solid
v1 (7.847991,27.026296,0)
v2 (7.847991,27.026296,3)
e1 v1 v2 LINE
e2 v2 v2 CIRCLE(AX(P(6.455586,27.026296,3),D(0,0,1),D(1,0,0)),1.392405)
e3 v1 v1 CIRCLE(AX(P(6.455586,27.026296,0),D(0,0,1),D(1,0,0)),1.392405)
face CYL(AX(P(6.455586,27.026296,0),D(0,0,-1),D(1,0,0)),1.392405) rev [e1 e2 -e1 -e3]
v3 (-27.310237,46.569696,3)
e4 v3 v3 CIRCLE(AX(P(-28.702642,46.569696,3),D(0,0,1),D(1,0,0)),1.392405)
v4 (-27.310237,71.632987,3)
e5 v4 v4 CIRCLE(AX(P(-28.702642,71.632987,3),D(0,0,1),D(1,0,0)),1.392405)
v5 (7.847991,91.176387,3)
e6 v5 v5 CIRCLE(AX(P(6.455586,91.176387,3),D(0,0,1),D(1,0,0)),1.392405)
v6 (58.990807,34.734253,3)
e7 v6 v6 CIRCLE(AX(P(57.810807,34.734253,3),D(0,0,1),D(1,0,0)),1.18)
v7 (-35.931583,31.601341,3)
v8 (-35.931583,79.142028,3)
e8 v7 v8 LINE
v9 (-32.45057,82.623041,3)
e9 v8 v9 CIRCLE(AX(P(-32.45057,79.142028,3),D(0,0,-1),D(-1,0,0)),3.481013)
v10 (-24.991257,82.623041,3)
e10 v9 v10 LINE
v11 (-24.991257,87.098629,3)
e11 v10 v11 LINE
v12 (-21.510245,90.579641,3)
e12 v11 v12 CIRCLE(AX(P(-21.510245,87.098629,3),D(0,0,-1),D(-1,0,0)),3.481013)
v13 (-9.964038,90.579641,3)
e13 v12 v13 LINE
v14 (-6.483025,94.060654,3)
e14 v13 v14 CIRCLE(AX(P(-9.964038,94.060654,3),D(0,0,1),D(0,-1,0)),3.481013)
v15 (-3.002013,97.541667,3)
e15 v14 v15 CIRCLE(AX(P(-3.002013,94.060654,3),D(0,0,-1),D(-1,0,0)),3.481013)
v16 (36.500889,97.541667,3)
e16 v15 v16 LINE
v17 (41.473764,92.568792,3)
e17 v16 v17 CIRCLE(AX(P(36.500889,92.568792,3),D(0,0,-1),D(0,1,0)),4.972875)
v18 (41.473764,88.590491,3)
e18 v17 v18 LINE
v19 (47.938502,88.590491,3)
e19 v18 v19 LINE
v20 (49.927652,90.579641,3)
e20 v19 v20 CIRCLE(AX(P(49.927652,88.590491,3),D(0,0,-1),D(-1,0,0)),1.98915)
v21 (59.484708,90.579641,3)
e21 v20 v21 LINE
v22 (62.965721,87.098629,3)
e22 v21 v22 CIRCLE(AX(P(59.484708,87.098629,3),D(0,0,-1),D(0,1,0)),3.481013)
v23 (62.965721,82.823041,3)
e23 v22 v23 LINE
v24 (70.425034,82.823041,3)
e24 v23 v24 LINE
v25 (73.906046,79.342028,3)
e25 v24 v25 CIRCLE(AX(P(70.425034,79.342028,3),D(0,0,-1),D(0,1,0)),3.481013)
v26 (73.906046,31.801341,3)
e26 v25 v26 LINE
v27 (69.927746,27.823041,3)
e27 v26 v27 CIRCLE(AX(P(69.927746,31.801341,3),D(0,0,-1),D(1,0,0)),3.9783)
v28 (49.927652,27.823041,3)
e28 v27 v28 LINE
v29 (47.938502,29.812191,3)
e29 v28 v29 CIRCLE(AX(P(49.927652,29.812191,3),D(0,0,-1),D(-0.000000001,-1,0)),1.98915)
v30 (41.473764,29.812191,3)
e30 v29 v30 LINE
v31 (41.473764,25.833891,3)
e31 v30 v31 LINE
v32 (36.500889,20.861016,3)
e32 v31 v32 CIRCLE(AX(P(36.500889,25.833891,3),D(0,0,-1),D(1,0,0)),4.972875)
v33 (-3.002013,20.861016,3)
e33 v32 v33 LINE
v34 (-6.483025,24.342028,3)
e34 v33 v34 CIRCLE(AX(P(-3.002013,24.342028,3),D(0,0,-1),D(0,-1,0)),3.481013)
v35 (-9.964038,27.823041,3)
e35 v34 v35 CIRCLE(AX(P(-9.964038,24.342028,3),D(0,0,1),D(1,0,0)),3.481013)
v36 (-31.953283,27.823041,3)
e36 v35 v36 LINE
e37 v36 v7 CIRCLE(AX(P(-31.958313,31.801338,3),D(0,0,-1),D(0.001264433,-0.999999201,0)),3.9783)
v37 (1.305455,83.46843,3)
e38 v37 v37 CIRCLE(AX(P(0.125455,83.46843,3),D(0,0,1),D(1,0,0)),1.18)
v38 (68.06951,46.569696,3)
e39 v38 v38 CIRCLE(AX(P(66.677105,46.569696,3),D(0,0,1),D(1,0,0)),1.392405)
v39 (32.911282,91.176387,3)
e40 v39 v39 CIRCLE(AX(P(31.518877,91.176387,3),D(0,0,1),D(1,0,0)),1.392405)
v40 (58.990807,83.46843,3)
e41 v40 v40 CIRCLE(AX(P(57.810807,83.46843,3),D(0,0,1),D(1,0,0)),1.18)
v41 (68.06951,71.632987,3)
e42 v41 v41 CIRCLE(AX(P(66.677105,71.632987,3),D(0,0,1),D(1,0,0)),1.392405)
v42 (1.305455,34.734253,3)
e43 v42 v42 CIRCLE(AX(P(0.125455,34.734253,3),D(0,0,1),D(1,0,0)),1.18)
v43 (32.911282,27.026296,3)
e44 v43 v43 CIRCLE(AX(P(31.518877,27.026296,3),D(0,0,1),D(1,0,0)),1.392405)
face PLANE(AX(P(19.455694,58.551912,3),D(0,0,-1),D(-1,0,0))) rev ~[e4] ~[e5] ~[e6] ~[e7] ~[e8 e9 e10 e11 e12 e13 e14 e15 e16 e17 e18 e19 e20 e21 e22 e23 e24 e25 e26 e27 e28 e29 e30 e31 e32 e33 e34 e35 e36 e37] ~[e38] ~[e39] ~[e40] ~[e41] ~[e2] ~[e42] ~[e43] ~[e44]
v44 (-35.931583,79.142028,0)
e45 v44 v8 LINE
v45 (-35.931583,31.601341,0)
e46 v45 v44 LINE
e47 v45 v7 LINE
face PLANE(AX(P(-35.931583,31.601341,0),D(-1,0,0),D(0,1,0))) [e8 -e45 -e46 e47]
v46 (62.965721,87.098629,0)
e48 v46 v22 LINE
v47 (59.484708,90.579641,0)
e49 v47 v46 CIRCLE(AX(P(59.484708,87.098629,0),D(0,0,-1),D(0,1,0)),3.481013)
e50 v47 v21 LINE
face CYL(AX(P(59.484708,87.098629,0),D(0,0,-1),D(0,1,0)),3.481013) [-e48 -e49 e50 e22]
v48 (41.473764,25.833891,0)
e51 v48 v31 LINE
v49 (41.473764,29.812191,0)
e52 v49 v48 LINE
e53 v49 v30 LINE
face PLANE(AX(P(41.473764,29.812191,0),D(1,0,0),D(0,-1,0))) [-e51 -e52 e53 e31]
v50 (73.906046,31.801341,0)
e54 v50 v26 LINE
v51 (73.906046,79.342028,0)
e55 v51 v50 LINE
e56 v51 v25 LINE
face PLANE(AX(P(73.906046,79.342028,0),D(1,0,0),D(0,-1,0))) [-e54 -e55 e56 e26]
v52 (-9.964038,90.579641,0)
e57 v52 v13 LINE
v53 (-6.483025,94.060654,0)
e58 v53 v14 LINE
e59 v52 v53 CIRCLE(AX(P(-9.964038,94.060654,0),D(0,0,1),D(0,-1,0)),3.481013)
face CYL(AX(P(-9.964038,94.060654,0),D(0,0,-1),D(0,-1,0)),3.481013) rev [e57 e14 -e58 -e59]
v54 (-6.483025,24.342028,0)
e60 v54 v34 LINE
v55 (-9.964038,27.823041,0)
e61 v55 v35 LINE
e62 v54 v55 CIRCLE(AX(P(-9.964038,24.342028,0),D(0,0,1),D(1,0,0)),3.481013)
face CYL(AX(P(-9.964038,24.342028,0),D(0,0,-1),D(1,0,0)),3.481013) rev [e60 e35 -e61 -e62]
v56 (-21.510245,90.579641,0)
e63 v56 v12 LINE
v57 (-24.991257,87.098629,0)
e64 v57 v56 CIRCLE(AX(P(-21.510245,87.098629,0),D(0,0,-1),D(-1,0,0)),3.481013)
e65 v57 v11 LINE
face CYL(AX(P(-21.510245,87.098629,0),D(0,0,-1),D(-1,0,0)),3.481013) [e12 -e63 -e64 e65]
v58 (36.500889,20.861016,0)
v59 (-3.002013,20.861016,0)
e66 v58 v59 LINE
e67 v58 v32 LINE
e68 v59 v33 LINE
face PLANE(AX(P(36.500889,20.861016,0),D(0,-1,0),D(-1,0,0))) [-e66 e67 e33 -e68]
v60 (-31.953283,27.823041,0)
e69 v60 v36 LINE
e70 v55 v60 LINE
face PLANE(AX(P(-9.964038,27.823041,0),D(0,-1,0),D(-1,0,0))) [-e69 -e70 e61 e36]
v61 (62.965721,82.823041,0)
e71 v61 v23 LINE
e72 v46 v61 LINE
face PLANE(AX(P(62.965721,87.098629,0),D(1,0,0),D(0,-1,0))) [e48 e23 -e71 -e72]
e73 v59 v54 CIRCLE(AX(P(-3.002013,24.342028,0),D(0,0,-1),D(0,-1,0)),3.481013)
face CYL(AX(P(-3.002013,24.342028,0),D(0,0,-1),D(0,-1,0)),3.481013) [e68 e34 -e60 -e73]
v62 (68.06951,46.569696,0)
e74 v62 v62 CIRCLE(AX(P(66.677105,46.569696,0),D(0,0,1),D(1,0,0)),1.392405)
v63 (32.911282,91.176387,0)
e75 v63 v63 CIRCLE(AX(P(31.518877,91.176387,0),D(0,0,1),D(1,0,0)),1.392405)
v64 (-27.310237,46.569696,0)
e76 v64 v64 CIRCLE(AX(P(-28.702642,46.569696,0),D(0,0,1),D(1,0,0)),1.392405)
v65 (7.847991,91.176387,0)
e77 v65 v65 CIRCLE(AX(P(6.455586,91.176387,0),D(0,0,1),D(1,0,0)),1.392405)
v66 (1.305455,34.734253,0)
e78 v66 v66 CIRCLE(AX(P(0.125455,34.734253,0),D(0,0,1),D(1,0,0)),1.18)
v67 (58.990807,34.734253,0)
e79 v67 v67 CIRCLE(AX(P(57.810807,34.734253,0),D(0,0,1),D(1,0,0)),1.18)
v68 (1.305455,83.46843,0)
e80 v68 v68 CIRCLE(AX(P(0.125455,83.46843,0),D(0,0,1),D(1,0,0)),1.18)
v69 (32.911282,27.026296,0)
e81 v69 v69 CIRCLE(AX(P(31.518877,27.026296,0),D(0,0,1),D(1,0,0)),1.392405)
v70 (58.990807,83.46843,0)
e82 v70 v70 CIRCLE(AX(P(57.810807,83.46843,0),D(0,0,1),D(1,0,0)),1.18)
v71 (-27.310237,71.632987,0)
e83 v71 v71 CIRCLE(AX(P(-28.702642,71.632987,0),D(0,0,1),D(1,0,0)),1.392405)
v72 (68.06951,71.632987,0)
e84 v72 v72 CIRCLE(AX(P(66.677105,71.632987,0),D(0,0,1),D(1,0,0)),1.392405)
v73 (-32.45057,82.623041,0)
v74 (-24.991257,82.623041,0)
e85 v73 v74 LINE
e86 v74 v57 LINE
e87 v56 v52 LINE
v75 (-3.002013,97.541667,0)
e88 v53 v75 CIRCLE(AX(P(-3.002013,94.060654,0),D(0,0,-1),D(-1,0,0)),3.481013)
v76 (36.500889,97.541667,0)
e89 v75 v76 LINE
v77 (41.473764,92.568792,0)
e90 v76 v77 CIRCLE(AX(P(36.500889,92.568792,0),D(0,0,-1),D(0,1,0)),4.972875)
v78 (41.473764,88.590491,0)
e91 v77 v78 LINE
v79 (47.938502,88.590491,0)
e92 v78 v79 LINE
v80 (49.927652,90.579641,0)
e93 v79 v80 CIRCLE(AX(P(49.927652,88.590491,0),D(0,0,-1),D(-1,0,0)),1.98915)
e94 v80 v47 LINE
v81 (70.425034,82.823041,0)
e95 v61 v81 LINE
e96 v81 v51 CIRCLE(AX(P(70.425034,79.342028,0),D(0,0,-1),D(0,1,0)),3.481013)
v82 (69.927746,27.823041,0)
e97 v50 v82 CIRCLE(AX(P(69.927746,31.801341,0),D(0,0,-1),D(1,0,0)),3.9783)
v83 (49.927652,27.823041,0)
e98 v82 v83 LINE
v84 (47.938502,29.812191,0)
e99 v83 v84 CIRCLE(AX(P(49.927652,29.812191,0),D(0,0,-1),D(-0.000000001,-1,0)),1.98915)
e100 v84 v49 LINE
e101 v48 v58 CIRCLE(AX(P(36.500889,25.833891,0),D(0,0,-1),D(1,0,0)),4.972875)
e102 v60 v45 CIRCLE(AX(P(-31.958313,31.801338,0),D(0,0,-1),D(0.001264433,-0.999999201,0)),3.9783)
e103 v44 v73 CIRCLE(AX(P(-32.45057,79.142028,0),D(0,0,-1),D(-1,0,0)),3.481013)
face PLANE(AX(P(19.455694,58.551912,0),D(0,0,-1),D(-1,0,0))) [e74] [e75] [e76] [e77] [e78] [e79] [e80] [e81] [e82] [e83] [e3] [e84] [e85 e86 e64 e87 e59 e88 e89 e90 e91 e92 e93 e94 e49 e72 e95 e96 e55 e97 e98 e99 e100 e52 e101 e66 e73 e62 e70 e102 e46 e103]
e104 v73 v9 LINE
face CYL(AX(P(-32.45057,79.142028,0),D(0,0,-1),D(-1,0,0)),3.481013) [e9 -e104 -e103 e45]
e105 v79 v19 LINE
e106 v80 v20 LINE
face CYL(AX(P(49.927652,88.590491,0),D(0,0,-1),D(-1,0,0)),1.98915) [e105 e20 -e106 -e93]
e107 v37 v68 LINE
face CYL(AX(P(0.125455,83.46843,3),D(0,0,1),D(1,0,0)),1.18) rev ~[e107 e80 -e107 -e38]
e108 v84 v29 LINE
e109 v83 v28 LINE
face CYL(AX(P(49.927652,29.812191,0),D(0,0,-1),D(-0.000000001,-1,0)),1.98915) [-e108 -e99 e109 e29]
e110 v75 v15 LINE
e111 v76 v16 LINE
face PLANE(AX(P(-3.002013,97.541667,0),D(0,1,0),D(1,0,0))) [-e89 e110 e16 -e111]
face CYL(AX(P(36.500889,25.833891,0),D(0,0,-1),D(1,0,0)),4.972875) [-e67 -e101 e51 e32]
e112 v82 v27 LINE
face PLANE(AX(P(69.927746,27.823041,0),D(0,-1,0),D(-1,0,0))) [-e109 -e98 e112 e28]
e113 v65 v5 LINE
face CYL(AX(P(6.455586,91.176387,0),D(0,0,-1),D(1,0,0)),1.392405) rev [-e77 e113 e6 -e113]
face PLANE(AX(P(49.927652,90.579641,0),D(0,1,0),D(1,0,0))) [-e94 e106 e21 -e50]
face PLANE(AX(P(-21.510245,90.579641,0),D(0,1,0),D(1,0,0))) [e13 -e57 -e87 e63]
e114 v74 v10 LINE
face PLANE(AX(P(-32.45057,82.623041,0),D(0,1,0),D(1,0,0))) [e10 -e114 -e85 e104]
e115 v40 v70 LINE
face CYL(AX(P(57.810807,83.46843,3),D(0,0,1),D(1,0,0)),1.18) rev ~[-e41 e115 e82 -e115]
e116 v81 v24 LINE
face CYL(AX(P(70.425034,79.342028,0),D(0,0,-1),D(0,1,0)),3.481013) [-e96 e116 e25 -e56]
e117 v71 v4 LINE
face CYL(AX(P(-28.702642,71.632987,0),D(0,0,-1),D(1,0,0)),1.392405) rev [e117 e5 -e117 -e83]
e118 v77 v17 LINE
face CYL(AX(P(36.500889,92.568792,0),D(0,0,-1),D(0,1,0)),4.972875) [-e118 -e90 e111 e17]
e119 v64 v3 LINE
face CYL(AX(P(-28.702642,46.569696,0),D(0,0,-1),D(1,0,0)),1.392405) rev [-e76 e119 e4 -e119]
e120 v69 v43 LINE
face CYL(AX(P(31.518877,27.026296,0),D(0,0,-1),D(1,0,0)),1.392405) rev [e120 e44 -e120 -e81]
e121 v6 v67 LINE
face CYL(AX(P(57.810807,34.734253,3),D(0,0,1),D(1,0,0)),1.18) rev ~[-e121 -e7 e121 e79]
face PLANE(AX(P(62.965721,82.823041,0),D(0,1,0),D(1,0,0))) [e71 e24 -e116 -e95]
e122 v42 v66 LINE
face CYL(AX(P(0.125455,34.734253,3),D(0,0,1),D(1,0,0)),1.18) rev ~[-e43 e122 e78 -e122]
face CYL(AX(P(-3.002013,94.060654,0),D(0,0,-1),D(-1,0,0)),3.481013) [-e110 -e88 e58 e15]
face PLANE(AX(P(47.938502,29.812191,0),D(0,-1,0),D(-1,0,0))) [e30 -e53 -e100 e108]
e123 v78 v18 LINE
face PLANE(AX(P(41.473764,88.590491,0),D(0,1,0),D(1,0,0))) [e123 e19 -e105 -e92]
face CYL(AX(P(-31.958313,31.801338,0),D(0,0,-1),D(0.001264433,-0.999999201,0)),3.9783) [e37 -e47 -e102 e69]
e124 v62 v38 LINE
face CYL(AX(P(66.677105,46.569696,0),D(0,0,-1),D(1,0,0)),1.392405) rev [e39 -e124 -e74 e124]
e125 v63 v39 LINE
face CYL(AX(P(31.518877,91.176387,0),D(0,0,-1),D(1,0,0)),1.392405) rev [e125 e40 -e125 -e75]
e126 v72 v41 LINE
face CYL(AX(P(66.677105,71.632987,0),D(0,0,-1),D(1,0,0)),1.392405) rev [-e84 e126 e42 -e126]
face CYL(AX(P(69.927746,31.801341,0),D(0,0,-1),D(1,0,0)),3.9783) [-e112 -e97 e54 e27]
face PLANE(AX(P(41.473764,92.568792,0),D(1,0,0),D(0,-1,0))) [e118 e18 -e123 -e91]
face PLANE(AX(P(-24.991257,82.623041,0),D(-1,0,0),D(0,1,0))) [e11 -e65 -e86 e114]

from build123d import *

# Parameters (mm, degrees)
CROQUIS1_R              = 1.392405063
CROQUIS1_R_2            = 1.113924051
SALIENTE_EXTRUIR1_DEPTH = 3
CROQUIS8_R              = 1.18
CORTAR_EXTRUIR1_DEPTH   = 10


with BuildPart() as part:
    # Croquis1 → Saliente-Extruir1 (new body)
    with BuildSketch(Plane.XY):
        with BuildLine():
            Line((73.906046363, 79.342028473), (73.906046363, 31.801341312))
            ThreePointArc((73.906046363, 31.801341312), (72.740829217, 28.988258277), (69.927746182, 27.823041131))
            Line((69.927746182, 27.823041131), (49.927651758, 27.823041131))
            ThreePointArc((49.927651758, 27.823041131), (48.521110241, 28.405649704), (47.938501668, 29.812191222))
            Line((47.938501668, 29.812191222), (41.473763874, 29.812191222))
            Line((41.473763874, 29.812191222), (41.473763874, 25.833891041))
            ThreePointArc((41.473763874, 25.833891041), (40.017242442, 22.317537246), (36.500888648, 20.861015815))
            Line((36.500888648, 20.861015815), (-3.002012677, 20.861015815))
            ThreePointArc((-3.002012677, 20.861015815), (-5.463460333, 21.880580817), (-6.483025335, 24.342028473))
            ThreePointArc((-6.483025335, 24.342028473), (-7.502590337, 26.803476129), (-9.964037993, 27.823041131))
            Line((-9.964037993, 27.823041131), (-31.953282507, 27.823041131))
            ThreePointArc((-31.953282507, 27.823041131), (-34.697951359, 28.916679938), (-35.931582688, 31.601341312))
            Line((-35.931582688, 31.601341312), (-35.931582688, 79.142028473))
            ThreePointArc((-35.931582688, 79.142028473), (-34.912017686, 81.603476129), (-32.45057003, 82.623041131))
            Line((-32.45057003, 82.623041131), (-24.991257191, 82.623041131))
            Line((-24.991257191, 82.623041131), (-24.991257191, 87.098628835))
            ThreePointArc((-24.991257191, 87.098628835), (-23.971692189, 89.560076491), (-21.510244533, 90.579641493))
            Line((-21.510244533, 90.579641493), (-9.964037993, 90.579641493))
            ThreePointArc((-9.964037993, 90.579641493), (-7.502590337, 91.599206495), (-6.483025335, 94.060654151))
            ThreePointArc((-6.483025335, 94.060654151), (-5.463460333, 96.522101807), (-3.002012677, 97.541666809))
            Line((-3.002012677, 97.541666809), (36.500888648, 97.541666809))
            ThreePointArc((36.500888648, 97.541666809), (40.017242442, 96.085145378), (41.473763874, 92.568791583))
            Line((41.473763874, 92.568791583), (41.473763874, 88.590491402))
            Line((41.473763874, 88.590491402), (47.938501668, 88.590491402))
            ThreePointArc((47.938501668, 88.590491402), (48.521110241, 89.99703292), (49.927651758, 90.579641493))
            Line((49.927651758, 90.579641493), (59.484708207, 90.579641493))
            ThreePointArc((59.484708207, 90.579641493), (61.946155863, 89.560076491), (62.965720865, 87.098628835))
            Line((62.965720865, 87.098628835), (62.965720865, 82.823041131))
            Line((62.965720865, 82.823041131), (70.425033704, 82.823041131))
            ThreePointArc((70.425033704, 82.823041131), (72.886481361, 81.803476129), (73.906046363, 79.342028473))
        make_face()
        with Locations((-28.70264158, 46.569695742)):
            Circle(CROQUIS1_R, mode=Mode.SUBTRACT)
        with Locations((-28.70264158, 71.632986882)):
            Circle(CROQUIS1_R, mode=Mode.SUBTRACT)
        with Locations((66.677105255, 46.569695742)):
            Circle(CROQUIS1_R, mode=Mode.SUBTRACT)
        with Locations((66.677105255, 71.632986882)):
            Circle(CROQUIS1_R, mode=Mode.SUBTRACT)
        with Locations((6.455586268, 91.17638652)):
            Circle(CROQUIS1_R, mode=Mode.SUBTRACT)
        with Locations((31.518877407, 91.17638652)):
            Circle(CROQUIS1_R, mode=Mode.SUBTRACT)
        with Locations((6.455586268, 27.026296104)):
            Circle(CROQUIS1_R, mode=Mode.SUBTRACT)
        with Locations((31.518877407, 27.026296104)):
            Circle(CROQUIS1_R, mode=Mode.SUBTRACT)
        with Locations((0.125454864, 83.46842992)):
            Circle(CROQUIS1_R_2, mode=Mode.SUBTRACT)
        with Locations((0.125454864, 34.734252705)):
            Circle(CROQUIS1_R_2, mode=Mode.SUBTRACT)
        with Locations((57.810807486, 34.734252705)):
            Circle(CROQUIS1_R_2, mode=Mode.SUBTRACT)
        with Locations((57.810807486, 83.46842992)):
            Circle(CROQUIS1_R_2, mode=Mode.SUBTRACT)
    extrude(amount=SALIENTE_EXTRUIR1_DEPTH)

    # Croquis8 → Cortar-Extruir1 (cut)
    with BuildSketch(Plane.XY.offset(3)):
        with Locations((0.125454864, 34.734252705)):
            Circle(CROQUIS8_R)
        with Locations((57.810807486, 34.734252705)):
            Circle(CROQUIS8_R)
        with Locations((0.125454864, 83.46842992)):
            Circle(CROQUIS8_R)
        with Locations((57.810807486, 83.46842992)):
            Circle(CROQUIS8_R)
    extrude(amount=-CORTAR_EXTRUIR1_DEPTH, mode=Mode.SUBTRACT)


solid = part.part
